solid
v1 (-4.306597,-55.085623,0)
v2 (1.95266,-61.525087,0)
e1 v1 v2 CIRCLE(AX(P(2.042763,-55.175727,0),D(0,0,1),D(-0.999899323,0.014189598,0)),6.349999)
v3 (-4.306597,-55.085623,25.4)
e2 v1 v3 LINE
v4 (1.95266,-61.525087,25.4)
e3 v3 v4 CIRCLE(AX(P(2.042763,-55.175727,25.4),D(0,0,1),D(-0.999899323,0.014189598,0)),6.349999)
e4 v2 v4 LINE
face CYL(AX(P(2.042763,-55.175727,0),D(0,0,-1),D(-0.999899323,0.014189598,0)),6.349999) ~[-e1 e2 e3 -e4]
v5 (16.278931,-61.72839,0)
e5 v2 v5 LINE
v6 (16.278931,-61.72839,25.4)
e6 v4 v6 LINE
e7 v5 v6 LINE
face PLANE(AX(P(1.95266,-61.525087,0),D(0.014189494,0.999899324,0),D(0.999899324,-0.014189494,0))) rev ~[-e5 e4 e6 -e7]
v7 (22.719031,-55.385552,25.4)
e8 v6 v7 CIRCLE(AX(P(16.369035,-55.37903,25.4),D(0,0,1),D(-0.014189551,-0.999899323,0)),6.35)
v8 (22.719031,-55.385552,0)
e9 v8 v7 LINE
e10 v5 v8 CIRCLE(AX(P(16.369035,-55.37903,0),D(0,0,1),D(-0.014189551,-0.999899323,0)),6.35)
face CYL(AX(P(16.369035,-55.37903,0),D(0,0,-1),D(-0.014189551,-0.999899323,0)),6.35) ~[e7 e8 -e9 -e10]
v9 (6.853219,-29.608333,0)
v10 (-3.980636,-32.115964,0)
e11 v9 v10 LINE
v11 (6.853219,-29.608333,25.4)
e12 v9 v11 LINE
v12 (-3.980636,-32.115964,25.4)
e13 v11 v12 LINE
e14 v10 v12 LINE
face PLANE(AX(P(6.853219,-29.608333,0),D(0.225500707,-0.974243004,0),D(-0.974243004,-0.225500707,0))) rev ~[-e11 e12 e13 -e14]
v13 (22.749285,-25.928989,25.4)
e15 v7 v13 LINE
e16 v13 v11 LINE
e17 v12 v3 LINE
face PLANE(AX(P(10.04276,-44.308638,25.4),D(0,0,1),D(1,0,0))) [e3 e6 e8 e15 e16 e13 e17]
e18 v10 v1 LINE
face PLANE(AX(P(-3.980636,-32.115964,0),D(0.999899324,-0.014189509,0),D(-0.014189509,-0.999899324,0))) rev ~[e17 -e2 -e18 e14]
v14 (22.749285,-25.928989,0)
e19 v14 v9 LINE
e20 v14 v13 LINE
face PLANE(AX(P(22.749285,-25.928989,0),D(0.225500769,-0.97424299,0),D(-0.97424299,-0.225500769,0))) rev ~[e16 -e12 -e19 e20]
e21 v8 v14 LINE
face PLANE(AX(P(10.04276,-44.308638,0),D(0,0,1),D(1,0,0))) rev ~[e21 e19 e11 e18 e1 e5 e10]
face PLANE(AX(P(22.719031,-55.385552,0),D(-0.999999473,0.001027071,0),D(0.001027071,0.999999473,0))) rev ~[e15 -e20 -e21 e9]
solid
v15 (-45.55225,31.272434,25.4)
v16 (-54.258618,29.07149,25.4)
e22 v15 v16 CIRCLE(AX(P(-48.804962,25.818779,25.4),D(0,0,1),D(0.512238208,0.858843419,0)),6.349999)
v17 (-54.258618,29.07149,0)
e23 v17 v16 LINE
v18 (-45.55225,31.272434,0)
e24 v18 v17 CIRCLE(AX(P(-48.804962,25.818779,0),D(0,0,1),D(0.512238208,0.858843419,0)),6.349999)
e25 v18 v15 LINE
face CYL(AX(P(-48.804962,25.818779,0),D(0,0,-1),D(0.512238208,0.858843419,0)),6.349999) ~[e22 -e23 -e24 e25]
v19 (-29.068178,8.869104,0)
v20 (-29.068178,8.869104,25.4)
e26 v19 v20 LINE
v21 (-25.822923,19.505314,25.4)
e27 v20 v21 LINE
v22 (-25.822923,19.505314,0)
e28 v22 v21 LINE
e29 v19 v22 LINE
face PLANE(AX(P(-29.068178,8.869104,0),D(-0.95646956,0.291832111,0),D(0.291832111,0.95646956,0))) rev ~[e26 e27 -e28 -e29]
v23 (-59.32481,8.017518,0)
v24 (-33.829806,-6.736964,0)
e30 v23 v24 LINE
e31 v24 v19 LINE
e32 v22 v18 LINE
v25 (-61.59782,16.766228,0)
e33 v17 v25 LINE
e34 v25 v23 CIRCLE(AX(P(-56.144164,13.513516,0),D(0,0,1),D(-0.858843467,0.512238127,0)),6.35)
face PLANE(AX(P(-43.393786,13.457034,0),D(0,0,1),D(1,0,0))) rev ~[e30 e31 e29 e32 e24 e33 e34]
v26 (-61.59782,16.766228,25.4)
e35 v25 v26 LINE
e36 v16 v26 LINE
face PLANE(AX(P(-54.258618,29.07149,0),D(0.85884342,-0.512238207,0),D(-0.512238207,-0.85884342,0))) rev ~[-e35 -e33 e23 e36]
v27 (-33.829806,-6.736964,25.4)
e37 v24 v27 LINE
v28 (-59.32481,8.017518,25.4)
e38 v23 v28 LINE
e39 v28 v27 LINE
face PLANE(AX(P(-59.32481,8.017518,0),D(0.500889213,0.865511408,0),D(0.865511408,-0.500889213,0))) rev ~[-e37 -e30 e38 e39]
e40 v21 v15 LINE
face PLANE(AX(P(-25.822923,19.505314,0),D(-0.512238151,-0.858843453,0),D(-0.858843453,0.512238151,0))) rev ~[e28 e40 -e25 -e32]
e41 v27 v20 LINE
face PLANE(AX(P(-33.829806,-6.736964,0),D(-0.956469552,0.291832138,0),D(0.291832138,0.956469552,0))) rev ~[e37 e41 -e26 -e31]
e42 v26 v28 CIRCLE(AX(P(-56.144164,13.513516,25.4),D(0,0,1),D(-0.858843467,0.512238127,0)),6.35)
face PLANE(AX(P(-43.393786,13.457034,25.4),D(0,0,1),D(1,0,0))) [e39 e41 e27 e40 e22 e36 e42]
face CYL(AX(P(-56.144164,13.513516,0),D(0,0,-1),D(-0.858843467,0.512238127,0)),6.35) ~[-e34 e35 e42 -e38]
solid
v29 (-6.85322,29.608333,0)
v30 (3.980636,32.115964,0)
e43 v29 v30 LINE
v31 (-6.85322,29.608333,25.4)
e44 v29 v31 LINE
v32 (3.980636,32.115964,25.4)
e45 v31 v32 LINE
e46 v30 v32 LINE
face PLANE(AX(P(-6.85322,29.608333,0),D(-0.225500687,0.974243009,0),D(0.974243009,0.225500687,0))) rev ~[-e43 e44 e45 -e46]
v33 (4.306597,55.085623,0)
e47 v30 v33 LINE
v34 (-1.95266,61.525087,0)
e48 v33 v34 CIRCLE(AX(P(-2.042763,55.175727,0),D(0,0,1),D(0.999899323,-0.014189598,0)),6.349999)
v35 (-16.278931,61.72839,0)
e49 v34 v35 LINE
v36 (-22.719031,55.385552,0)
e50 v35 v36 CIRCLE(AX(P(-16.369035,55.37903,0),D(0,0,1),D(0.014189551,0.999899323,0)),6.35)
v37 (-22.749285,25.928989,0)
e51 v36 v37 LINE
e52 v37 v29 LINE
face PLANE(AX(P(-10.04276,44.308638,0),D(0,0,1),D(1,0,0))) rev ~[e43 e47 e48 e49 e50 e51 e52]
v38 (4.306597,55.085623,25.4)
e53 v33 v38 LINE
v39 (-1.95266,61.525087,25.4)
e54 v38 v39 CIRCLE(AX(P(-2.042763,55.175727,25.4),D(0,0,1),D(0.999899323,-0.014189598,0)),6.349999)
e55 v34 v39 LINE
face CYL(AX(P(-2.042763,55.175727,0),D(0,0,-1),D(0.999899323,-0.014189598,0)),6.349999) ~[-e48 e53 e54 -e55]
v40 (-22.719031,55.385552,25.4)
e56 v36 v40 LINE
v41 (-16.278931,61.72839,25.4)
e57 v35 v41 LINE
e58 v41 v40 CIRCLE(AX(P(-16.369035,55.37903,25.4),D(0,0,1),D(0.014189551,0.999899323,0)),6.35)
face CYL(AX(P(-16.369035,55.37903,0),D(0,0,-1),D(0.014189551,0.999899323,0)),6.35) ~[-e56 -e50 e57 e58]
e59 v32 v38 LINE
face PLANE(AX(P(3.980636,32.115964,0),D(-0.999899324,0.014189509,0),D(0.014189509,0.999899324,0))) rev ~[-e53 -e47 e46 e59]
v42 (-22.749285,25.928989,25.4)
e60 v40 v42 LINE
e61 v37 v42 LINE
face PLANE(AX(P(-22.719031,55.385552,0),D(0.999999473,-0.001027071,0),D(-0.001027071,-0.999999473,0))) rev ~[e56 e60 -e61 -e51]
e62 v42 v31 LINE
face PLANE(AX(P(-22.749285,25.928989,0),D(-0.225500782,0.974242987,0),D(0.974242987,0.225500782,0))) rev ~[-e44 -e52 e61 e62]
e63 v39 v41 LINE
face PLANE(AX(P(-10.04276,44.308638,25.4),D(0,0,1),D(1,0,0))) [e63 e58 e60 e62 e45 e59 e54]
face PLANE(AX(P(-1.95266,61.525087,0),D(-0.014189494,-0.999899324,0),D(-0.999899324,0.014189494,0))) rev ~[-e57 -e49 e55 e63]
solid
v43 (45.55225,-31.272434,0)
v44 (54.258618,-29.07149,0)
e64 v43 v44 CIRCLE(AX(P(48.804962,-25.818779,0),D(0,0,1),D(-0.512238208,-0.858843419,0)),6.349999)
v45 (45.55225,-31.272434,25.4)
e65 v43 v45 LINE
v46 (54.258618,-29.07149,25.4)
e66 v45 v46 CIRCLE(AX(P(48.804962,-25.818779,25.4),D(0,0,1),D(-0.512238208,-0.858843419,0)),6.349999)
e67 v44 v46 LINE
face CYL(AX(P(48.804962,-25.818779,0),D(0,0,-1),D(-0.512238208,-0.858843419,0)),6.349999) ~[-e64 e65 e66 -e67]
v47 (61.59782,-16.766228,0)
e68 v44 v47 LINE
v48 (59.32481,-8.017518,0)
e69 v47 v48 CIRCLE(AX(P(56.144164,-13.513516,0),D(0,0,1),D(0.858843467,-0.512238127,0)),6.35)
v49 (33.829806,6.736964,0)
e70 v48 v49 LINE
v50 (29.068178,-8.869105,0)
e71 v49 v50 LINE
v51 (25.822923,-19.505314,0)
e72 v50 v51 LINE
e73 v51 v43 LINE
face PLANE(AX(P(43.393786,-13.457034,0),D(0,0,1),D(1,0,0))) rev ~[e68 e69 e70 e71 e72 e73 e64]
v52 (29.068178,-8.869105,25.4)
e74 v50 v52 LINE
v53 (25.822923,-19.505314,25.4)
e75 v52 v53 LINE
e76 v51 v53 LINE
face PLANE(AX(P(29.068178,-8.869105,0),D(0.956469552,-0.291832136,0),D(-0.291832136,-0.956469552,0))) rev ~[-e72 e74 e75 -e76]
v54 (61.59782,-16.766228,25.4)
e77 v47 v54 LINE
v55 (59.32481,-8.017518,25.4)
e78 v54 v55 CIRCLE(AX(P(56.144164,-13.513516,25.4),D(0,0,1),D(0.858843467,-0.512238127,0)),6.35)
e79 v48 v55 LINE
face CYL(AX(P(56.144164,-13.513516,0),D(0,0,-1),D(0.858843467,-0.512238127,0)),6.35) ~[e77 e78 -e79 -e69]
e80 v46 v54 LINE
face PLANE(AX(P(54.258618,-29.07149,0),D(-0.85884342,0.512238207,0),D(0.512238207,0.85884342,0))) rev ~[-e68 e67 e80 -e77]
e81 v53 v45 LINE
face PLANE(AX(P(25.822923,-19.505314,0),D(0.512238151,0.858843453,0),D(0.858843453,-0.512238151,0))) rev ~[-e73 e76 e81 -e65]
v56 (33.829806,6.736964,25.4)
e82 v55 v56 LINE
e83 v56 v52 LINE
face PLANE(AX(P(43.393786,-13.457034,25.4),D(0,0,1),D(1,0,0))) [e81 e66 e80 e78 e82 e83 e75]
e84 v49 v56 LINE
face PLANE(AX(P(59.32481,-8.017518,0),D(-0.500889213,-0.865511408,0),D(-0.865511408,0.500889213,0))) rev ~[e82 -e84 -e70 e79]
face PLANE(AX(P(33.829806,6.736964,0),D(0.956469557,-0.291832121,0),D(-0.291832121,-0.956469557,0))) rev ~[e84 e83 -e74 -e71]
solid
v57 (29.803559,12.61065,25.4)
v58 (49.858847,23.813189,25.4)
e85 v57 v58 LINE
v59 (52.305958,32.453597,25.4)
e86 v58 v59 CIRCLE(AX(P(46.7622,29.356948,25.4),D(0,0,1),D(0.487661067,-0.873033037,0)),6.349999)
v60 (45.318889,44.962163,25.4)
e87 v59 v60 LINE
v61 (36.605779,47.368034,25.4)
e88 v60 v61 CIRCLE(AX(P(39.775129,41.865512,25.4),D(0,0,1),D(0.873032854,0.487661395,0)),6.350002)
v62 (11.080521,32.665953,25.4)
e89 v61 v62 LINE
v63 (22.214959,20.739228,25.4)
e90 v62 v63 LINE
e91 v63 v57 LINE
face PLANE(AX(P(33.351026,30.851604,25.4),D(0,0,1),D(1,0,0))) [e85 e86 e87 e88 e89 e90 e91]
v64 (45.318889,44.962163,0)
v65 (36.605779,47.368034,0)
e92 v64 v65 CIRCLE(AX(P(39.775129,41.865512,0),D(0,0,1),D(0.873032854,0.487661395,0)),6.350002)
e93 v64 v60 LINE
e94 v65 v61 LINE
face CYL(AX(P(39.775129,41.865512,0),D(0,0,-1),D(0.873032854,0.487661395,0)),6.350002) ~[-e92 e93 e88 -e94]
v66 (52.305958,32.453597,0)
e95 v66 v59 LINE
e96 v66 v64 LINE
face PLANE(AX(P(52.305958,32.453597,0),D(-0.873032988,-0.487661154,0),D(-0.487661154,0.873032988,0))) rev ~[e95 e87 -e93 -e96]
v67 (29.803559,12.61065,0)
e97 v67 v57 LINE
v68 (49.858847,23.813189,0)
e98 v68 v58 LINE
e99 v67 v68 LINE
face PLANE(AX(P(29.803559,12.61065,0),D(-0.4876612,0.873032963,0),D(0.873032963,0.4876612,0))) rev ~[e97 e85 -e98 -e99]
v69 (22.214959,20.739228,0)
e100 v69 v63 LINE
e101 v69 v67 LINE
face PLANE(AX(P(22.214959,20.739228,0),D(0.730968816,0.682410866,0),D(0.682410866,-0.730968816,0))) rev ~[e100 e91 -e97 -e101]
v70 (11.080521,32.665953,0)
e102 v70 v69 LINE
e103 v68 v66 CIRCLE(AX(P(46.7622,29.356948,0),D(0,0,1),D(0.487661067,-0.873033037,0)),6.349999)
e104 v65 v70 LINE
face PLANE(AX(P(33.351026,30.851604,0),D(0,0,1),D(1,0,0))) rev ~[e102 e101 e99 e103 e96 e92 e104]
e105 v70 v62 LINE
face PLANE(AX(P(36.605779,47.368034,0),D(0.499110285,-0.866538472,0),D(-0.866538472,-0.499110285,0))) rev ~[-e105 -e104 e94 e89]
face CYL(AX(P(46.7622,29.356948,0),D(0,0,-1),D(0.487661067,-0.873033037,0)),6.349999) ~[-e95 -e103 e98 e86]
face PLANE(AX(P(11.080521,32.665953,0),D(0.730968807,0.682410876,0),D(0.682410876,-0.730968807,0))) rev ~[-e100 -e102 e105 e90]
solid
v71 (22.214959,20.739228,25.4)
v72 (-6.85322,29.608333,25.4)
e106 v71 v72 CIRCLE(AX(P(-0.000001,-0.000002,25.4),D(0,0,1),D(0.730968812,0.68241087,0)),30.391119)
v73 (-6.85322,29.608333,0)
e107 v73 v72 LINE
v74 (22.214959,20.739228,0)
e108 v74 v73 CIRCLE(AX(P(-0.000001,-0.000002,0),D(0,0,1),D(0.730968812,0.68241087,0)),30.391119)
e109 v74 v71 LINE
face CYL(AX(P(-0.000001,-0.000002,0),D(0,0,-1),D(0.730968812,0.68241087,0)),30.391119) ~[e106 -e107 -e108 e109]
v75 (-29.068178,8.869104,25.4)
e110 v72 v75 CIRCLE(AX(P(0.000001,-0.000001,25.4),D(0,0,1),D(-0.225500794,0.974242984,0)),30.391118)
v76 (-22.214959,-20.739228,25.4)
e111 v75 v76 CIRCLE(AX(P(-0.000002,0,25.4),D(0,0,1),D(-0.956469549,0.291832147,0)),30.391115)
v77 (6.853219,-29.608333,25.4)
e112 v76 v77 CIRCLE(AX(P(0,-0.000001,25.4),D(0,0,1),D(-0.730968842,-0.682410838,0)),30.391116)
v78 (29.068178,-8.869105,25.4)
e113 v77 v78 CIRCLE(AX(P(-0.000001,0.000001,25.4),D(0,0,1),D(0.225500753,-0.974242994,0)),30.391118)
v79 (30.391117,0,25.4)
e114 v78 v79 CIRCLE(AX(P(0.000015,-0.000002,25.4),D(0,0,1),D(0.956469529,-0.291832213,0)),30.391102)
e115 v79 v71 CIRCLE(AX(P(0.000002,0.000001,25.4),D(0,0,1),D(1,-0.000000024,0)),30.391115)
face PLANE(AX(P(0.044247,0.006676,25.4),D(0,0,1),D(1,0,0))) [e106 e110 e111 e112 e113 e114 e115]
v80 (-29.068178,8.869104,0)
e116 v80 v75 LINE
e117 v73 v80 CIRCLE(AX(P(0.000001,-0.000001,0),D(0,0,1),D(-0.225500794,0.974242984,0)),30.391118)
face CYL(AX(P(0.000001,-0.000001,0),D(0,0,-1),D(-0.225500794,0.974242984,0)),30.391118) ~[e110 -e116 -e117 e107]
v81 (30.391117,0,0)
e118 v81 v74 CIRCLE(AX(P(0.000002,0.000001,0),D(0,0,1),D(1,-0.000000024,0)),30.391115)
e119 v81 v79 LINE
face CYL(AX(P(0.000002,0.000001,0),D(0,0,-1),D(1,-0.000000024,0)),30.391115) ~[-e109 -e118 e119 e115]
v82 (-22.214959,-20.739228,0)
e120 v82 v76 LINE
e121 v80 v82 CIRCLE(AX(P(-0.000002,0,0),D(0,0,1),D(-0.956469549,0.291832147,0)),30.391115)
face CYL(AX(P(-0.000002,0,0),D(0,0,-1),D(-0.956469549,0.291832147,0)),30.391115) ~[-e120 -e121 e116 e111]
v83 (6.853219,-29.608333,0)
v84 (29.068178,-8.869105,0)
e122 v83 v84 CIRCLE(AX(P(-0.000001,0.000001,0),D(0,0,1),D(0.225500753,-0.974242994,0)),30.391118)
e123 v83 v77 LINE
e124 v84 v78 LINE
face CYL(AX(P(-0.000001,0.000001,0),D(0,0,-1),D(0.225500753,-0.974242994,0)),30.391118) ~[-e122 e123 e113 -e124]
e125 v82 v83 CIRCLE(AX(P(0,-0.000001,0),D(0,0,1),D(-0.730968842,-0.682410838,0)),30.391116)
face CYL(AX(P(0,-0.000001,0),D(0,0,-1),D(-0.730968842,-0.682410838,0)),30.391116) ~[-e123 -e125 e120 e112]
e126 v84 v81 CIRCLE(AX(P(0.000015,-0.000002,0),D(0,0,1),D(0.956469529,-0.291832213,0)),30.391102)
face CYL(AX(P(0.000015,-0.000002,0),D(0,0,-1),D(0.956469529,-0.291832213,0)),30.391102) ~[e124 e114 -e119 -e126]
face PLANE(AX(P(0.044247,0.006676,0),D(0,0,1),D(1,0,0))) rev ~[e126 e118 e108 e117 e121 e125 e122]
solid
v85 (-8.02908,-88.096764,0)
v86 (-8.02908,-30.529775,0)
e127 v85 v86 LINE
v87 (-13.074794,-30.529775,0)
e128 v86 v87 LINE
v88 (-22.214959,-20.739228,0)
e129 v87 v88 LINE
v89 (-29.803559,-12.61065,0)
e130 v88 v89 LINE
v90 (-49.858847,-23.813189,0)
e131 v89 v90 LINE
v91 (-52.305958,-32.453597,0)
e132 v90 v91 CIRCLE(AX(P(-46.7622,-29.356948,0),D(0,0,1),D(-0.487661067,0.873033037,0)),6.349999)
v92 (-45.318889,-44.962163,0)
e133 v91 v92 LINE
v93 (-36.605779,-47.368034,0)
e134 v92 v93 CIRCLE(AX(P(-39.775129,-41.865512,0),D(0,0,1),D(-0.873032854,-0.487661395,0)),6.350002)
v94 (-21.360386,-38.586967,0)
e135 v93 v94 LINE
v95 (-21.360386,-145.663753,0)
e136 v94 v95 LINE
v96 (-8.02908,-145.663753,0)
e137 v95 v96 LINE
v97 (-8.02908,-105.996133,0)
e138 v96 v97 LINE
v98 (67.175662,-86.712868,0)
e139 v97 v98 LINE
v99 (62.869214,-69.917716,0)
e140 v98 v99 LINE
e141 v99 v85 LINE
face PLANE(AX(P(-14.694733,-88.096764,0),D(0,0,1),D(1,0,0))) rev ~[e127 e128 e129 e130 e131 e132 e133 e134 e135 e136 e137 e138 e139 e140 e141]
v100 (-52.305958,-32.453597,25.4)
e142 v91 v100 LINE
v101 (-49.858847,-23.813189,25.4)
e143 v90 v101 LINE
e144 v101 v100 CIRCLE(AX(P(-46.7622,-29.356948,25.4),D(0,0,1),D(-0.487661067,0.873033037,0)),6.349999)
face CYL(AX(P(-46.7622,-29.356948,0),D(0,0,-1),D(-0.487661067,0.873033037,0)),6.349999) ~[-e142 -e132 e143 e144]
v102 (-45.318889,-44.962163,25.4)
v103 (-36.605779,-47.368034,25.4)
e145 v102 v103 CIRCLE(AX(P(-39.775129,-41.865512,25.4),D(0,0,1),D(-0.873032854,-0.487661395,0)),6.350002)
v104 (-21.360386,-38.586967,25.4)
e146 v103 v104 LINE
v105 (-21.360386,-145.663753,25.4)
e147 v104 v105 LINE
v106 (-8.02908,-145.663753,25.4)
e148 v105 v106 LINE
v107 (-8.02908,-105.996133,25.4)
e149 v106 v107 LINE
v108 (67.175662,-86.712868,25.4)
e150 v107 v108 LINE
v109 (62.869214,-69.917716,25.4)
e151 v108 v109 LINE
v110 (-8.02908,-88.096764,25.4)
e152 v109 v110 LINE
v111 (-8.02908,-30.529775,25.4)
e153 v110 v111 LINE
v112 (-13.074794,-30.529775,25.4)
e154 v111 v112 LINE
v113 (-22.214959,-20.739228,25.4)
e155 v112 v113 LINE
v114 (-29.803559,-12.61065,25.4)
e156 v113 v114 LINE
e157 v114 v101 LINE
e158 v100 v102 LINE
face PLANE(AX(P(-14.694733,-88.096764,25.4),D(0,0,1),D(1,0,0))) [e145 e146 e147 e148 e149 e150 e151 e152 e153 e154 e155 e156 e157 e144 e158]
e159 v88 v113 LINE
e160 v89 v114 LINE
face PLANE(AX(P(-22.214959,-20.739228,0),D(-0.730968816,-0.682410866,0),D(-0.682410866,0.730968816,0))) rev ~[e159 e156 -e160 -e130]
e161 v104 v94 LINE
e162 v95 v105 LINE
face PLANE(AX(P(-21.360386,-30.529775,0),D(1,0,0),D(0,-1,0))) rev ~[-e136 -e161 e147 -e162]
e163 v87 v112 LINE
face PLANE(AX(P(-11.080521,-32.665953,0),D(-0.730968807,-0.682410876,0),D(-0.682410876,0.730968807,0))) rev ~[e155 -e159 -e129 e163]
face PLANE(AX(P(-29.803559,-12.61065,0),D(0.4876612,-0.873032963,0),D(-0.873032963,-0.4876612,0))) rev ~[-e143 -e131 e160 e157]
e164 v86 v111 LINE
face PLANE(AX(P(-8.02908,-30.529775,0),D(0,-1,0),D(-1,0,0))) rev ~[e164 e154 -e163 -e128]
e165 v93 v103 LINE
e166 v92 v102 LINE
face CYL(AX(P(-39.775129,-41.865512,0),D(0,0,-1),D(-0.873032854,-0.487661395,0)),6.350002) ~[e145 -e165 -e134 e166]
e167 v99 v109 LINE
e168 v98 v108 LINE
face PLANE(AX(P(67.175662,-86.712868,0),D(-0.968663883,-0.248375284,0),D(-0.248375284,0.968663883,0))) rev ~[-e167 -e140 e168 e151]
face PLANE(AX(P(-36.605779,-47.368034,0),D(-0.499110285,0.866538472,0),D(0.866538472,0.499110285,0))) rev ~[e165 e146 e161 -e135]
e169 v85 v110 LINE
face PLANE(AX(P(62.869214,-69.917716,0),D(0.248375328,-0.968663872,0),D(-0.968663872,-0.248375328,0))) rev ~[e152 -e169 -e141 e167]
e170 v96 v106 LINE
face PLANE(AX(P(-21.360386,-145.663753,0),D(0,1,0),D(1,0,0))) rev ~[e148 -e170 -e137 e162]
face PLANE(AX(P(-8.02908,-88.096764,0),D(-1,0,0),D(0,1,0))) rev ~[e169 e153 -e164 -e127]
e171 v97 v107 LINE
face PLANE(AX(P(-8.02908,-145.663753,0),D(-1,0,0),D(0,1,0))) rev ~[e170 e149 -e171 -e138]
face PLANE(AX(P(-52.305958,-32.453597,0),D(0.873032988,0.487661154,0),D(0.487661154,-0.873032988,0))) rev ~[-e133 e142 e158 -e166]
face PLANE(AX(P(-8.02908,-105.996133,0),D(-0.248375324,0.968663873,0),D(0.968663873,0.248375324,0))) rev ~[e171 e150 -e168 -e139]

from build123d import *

# Parameters (mm, degrees)
F1_DEPTH = 25.4
F3_DEPTH = 25.4


with BuildPart() as f1:
    # F0 (on Top) → F1 (new body)
    with BuildSketch(Plane.XY):
        with BuildLine():
            ThreePointArc((29.068178, -8.869105), (30.058563, -4.483614), (30.391117, 0))
            ThreePointArc((30.391117, 0), (28.273286, 11.146358), (22.214959, 20.739228))
            ThreePointArc((22.214959, 20.739228), (8.869104, 29.068178), (-6.85322, 29.608333))
            ThreePointArc((-6.85322, 29.608333), (-20.739228, 22.214959), (-29.068178, 8.869104))
            ThreePointArc((-29.068178, 8.869104), (-29.608333, -6.853219), (-22.214959, -20.739228))
            ThreePointArc((-22.214959, -20.739228), (-8.869105, -29.068178), (6.853219, -29.608333))
            ThreePointArc((6.853219, -29.608333), (20.739228, -22.214959), (29.068178, -8.869105))
        make_face()
        with BuildLine():
            Line((-22.749285, 25.928989), (-6.85322, 29.608333))
            Line((-6.85322, 29.608333), (3.980636, 32.115964))
            Line((3.980636, 32.115964), (4.306597, 55.085623))
            ThreePointArc((4.306597, 55.085623), (2.510625, 59.60169), (-1.95266, 61.525087))
            Line((-1.95266, 61.525087), (-16.278931, 61.72839))
            ThreePointArc((-16.278931, 61.72839), (-20.824869, 59.903191), (-22.719031, 55.385552))
            Line((-22.719031, 55.385552), (-22.749285, 25.928989))
        make_face()
        with BuildLine():
            Line((11.080521, 32.665953), (22.214959, 20.739228))
            Line((22.214959, 20.739228), (29.803559, 12.61065))
            Line((29.803559, 12.61065), (49.858847, 23.813189))
            ThreePointArc((49.858847, 23.813189), (52.87189, 27.62658), (52.305958, 32.453597))
            Line((52.305958, 32.453597), (45.318889, 44.962163))
            ThreePointArc((45.318889, 44.962163), (41.46525, 47.986461), (36.605779, 47.368034))
            Line((36.605779, 47.368034), (11.080521, 32.665953))
        make_face()
        with BuildLine():
            Line((33.829806, 6.736964), (29.068178, -8.869105))
            Line((29.068178, -8.869105), (25.822923, -19.505314))
            Line((25.822923, -19.505314), (45.55225, -31.272434))
            ThreePointArc((45.55225, -31.272434), (50.361265, -31.97511), (54.258618, -29.07149))
            Line((54.258618, -29.07149), (61.59782, -16.766228))
            ThreePointArc((61.59782, -16.766228), (62.29012, -11.91673), (59.32481, -8.017518))
            Line((59.32481, -8.017518), (33.829806, 6.736964))
        make_face()
        with BuildLine():
            Line((22.749285, -25.928989), (6.853219, -29.608333))
            Line((6.853219, -29.608333), (-3.980636, -32.115964))
            Line((-3.980636, -32.115964), (-4.306597, -55.085623))
            ThreePointArc((-4.306597, -55.085623), (-2.510625, -59.60169), (1.95266, -61.525087))
            Line((1.95266, -61.525087), (16.278931, -61.72839))
            ThreePointArc((16.278931, -61.72839), (20.824869, -59.903191), (22.719031, -55.385552))
            Line((22.719031, -55.385552), (22.749285, -25.928989))
        make_face()
        with BuildLine():
            Line((-11.080521, -32.665953), (-22.214959, -20.739228))
            Line((-22.214959, -20.739228), (-29.803559, -12.61065))
            Line((-29.803559, -12.61065), (-49.858847, -23.813189))
            ThreePointArc((-49.858847, -23.813189), (-52.87189, -27.62658), (-52.305958, -32.453597))
            Line((-52.305958, -32.453597), (-45.318889, -44.962163))
            ThreePointArc((-45.318889, -44.962163), (-41.46525, -47.986461), (-36.605779, -47.368034))
            Line((-36.605779, -47.368034), (-11.080521, -32.665953))
        make_face()
        with BuildLine():
            Line((-33.829806, -6.736964), (-29.068178, 8.869104))
            Line((-29.068178, 8.869104), (-25.822923, 19.505314))
            Line((-25.822923, 19.505314), (-45.55225, 31.272434))
            ThreePointArc((-45.55225, 31.272434), (-50.361265, 31.97511), (-54.258618, 29.07149))
            Line((-54.258618, 29.07149), (-61.59782, 16.766228))
            ThreePointArc((-61.59782, 16.766228), (-62.29012, 11.91673), (-59.32481, 8.017518))
            Line((-59.32481, 8.017518), (-33.829806, -6.736964))
        make_face()
    extrude(amount=F1_DEPTH)

    # F2 (on Top) → F3 (join)
    with BuildSketch(Plane.XY):
        Polygon((-8.02908, -88.096764), (-8.02908, -30.529775), (-21.360386, -30.529775), (-21.360386, -145.663753), (-8.02908, -145.663753), (-8.02908, -105.996133), align=None)
        Polygon((62.869214, -69.917716), (-8.02908, -88.096764), (-8.02908, -105.996133), (67.175662, -86.712868), align=None)
    extrude(amount=F3_DEPTH)


solid = f1.part
